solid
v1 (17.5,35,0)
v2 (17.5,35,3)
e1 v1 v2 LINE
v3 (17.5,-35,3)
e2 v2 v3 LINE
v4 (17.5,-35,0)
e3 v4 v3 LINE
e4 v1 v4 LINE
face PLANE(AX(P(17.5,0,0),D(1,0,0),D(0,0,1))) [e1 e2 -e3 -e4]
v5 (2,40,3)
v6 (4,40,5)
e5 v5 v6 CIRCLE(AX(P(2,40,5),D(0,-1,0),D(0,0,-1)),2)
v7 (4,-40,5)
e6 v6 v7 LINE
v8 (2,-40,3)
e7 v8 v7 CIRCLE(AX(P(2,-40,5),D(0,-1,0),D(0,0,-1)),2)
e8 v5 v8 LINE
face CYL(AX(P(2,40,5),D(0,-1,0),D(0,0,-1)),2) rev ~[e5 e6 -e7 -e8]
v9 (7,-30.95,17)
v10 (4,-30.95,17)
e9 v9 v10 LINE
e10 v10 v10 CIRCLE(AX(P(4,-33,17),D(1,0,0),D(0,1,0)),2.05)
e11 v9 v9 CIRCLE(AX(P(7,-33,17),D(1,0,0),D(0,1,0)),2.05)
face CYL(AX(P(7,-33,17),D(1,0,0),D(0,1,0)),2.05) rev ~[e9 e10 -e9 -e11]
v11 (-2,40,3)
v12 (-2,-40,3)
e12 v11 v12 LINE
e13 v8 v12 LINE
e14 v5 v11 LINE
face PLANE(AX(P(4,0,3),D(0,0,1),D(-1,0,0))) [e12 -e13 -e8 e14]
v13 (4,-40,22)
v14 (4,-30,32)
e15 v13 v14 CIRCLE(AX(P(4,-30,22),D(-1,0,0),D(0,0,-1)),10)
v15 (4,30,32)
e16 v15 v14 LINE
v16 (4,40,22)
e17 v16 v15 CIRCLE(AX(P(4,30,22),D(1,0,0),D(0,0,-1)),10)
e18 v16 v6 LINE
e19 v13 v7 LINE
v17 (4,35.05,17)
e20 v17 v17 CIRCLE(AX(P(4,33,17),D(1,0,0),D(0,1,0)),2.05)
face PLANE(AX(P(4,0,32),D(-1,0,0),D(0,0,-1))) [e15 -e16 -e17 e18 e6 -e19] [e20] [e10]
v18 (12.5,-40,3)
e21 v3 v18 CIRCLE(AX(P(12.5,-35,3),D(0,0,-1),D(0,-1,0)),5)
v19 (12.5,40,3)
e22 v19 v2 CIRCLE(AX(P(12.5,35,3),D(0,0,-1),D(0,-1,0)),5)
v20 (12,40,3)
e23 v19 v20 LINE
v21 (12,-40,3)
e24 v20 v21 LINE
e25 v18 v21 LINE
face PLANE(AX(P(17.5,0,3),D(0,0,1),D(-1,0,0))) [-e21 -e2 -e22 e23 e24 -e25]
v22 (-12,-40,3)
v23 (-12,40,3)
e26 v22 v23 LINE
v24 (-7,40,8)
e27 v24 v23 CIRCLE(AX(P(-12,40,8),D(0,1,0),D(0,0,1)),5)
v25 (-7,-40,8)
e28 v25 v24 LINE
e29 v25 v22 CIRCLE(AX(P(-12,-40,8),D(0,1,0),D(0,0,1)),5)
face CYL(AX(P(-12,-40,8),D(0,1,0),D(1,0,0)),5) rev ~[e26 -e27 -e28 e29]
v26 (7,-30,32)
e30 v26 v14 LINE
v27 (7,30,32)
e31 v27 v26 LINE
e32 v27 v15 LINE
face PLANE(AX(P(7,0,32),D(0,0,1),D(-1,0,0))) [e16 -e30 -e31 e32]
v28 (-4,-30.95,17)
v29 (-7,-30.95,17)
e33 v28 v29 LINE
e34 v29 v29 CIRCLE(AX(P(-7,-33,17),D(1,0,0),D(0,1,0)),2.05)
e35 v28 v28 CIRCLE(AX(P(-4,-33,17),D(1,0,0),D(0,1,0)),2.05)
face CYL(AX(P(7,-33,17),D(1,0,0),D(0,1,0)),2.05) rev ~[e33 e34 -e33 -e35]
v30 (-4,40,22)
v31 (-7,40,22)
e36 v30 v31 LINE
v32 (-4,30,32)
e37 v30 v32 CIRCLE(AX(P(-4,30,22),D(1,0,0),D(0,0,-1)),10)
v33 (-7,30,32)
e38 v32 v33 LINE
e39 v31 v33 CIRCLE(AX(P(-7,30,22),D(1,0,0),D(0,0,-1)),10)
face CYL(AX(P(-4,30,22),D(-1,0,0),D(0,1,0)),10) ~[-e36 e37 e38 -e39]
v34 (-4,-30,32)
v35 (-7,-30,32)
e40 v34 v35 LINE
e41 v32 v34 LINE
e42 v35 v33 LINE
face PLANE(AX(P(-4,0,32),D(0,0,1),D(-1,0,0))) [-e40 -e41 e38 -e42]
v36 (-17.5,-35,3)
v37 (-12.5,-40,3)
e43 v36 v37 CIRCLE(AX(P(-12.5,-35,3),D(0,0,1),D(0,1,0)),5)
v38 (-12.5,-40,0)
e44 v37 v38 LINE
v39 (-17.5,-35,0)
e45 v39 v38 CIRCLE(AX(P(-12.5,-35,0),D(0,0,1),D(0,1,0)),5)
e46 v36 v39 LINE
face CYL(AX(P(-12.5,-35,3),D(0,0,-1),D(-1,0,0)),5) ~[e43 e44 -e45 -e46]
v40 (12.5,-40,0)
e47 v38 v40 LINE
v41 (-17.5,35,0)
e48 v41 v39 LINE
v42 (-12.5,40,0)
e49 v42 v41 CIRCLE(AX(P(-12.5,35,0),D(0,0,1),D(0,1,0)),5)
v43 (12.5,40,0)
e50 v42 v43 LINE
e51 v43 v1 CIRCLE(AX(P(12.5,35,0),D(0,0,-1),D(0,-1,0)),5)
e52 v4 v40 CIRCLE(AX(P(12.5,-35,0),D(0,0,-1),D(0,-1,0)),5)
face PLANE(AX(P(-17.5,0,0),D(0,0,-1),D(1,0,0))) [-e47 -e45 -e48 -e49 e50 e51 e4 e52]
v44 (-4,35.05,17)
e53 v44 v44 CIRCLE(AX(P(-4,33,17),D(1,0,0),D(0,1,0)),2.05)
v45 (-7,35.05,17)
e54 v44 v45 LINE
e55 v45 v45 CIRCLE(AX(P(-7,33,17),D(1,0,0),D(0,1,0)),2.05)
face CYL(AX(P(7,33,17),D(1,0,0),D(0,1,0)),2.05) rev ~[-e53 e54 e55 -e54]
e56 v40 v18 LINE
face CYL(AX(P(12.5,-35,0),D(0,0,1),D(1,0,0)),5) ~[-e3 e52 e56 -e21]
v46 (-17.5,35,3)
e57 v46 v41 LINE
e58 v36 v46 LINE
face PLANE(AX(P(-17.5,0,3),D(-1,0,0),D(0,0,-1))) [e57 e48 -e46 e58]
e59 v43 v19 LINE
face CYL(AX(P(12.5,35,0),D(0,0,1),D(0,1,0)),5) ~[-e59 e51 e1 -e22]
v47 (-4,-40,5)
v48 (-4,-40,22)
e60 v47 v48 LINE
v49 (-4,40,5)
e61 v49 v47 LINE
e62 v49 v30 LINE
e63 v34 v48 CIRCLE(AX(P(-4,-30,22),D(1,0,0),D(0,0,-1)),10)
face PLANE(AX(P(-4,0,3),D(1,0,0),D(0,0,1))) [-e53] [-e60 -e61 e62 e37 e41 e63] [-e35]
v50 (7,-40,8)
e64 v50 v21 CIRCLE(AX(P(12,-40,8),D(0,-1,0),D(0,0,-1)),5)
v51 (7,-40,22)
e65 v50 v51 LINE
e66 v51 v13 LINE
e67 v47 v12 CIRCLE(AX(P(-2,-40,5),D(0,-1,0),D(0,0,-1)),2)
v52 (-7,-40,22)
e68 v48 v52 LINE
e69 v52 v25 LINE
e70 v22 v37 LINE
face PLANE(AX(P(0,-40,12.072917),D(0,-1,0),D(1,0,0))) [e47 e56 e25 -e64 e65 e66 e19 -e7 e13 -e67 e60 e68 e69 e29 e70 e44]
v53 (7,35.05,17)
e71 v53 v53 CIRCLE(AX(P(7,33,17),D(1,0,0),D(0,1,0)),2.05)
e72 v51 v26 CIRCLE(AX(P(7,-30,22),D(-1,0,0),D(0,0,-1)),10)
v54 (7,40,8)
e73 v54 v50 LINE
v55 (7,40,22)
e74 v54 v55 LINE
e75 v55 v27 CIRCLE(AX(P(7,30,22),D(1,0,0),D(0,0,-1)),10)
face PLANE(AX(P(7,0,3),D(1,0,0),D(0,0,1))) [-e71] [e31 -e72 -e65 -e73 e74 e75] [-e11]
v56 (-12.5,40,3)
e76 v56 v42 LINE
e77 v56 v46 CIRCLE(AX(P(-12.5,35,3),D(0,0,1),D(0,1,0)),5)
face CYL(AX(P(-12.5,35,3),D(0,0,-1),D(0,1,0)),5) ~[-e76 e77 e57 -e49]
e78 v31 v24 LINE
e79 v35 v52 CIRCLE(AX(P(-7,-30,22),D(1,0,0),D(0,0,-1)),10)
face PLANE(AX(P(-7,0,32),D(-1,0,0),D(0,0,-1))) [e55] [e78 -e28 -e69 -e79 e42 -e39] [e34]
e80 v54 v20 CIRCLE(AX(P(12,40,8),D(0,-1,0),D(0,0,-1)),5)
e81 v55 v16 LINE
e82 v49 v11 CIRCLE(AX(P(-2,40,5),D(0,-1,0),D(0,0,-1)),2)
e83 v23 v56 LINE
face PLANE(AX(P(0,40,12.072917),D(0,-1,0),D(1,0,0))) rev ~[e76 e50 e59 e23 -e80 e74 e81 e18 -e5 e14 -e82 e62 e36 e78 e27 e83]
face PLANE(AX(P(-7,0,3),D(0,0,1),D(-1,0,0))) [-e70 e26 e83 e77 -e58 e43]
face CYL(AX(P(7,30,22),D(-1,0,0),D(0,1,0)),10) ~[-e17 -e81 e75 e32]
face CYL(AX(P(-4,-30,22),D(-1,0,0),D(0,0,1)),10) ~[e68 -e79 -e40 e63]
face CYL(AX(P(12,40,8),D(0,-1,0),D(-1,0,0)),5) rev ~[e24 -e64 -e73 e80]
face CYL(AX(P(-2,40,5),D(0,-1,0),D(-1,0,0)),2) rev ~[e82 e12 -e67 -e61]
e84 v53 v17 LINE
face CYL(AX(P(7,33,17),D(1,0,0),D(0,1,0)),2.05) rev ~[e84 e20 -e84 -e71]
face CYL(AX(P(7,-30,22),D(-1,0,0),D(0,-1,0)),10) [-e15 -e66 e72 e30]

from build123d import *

# Parameters (mm, degrees)
F1_DEPTH = 40
F2_R     = 2
F3_R     = 10
F4_R     = 2.05
F5_DEPTH = 14
F6_R     = 5
F7_R     = 5


with BuildPart() as f1:
    # F0 (on Front) → F1 (new body, symmetric)
    with BuildSketch(Plane.XZ):
        Polygon((-17.5, 3), (-17.5, 0), (17.5, 0), (17.5, 3), (7, 3), (7, 32), (4, 32), (4, 3), (-4, 3), (-4, 32), (-7, 32), (-7, 3), align=None)
    extrude(amount=F1_DEPTH, both=True)

    # F2
    f2_edges = [f1.edges().sort_by_distance(p)[0] for p in [
        (-4, 0, 3),
        (4, 0, 3),
    ]]
    fillet(f2_edges, radius=F2_R)

    # F3
    f3_edges = [f1.edges().sort_by_distance(p)[0] for p in [
        (5.5, 40, 32),
        (-5.5, 40, 32),
        (5.5, -40, 32),
        (-5.5, -40, 32),
    ]]
    fillet(f3_edges, radius=F3_R)

    # F4 (on face) → F5 (cut, through all)
    with BuildSketch(Plane.YZ.offset(7)):
        with Locations((-33, 17)):
            Circle(F4_R)
        with Locations((33, 17)):
            Circle(F4_R)
    extrude(amount=-F5_DEPTH, mode=Mode.SUBTRACT)

    # F6
    f6_edges = [f1.edges().sort_by_distance(p)[0] for p in [
        (7, 0, 3),
        (-7, 0, 3),
    ]]
    fillet(f6_edges, radius=F6_R)

    # F7
    f7_edges = [f1.edges().sort_by_distance(p)[0] for p in [
        (-17.5, -40, 1.5),
        (17.5, -40, 1.5),
        (17.5, 40, 1.5),
        (-17.5, 40, 1.5),
    ]]
    fillet(f7_edges, radius=F7_R)


solid = f1.part
